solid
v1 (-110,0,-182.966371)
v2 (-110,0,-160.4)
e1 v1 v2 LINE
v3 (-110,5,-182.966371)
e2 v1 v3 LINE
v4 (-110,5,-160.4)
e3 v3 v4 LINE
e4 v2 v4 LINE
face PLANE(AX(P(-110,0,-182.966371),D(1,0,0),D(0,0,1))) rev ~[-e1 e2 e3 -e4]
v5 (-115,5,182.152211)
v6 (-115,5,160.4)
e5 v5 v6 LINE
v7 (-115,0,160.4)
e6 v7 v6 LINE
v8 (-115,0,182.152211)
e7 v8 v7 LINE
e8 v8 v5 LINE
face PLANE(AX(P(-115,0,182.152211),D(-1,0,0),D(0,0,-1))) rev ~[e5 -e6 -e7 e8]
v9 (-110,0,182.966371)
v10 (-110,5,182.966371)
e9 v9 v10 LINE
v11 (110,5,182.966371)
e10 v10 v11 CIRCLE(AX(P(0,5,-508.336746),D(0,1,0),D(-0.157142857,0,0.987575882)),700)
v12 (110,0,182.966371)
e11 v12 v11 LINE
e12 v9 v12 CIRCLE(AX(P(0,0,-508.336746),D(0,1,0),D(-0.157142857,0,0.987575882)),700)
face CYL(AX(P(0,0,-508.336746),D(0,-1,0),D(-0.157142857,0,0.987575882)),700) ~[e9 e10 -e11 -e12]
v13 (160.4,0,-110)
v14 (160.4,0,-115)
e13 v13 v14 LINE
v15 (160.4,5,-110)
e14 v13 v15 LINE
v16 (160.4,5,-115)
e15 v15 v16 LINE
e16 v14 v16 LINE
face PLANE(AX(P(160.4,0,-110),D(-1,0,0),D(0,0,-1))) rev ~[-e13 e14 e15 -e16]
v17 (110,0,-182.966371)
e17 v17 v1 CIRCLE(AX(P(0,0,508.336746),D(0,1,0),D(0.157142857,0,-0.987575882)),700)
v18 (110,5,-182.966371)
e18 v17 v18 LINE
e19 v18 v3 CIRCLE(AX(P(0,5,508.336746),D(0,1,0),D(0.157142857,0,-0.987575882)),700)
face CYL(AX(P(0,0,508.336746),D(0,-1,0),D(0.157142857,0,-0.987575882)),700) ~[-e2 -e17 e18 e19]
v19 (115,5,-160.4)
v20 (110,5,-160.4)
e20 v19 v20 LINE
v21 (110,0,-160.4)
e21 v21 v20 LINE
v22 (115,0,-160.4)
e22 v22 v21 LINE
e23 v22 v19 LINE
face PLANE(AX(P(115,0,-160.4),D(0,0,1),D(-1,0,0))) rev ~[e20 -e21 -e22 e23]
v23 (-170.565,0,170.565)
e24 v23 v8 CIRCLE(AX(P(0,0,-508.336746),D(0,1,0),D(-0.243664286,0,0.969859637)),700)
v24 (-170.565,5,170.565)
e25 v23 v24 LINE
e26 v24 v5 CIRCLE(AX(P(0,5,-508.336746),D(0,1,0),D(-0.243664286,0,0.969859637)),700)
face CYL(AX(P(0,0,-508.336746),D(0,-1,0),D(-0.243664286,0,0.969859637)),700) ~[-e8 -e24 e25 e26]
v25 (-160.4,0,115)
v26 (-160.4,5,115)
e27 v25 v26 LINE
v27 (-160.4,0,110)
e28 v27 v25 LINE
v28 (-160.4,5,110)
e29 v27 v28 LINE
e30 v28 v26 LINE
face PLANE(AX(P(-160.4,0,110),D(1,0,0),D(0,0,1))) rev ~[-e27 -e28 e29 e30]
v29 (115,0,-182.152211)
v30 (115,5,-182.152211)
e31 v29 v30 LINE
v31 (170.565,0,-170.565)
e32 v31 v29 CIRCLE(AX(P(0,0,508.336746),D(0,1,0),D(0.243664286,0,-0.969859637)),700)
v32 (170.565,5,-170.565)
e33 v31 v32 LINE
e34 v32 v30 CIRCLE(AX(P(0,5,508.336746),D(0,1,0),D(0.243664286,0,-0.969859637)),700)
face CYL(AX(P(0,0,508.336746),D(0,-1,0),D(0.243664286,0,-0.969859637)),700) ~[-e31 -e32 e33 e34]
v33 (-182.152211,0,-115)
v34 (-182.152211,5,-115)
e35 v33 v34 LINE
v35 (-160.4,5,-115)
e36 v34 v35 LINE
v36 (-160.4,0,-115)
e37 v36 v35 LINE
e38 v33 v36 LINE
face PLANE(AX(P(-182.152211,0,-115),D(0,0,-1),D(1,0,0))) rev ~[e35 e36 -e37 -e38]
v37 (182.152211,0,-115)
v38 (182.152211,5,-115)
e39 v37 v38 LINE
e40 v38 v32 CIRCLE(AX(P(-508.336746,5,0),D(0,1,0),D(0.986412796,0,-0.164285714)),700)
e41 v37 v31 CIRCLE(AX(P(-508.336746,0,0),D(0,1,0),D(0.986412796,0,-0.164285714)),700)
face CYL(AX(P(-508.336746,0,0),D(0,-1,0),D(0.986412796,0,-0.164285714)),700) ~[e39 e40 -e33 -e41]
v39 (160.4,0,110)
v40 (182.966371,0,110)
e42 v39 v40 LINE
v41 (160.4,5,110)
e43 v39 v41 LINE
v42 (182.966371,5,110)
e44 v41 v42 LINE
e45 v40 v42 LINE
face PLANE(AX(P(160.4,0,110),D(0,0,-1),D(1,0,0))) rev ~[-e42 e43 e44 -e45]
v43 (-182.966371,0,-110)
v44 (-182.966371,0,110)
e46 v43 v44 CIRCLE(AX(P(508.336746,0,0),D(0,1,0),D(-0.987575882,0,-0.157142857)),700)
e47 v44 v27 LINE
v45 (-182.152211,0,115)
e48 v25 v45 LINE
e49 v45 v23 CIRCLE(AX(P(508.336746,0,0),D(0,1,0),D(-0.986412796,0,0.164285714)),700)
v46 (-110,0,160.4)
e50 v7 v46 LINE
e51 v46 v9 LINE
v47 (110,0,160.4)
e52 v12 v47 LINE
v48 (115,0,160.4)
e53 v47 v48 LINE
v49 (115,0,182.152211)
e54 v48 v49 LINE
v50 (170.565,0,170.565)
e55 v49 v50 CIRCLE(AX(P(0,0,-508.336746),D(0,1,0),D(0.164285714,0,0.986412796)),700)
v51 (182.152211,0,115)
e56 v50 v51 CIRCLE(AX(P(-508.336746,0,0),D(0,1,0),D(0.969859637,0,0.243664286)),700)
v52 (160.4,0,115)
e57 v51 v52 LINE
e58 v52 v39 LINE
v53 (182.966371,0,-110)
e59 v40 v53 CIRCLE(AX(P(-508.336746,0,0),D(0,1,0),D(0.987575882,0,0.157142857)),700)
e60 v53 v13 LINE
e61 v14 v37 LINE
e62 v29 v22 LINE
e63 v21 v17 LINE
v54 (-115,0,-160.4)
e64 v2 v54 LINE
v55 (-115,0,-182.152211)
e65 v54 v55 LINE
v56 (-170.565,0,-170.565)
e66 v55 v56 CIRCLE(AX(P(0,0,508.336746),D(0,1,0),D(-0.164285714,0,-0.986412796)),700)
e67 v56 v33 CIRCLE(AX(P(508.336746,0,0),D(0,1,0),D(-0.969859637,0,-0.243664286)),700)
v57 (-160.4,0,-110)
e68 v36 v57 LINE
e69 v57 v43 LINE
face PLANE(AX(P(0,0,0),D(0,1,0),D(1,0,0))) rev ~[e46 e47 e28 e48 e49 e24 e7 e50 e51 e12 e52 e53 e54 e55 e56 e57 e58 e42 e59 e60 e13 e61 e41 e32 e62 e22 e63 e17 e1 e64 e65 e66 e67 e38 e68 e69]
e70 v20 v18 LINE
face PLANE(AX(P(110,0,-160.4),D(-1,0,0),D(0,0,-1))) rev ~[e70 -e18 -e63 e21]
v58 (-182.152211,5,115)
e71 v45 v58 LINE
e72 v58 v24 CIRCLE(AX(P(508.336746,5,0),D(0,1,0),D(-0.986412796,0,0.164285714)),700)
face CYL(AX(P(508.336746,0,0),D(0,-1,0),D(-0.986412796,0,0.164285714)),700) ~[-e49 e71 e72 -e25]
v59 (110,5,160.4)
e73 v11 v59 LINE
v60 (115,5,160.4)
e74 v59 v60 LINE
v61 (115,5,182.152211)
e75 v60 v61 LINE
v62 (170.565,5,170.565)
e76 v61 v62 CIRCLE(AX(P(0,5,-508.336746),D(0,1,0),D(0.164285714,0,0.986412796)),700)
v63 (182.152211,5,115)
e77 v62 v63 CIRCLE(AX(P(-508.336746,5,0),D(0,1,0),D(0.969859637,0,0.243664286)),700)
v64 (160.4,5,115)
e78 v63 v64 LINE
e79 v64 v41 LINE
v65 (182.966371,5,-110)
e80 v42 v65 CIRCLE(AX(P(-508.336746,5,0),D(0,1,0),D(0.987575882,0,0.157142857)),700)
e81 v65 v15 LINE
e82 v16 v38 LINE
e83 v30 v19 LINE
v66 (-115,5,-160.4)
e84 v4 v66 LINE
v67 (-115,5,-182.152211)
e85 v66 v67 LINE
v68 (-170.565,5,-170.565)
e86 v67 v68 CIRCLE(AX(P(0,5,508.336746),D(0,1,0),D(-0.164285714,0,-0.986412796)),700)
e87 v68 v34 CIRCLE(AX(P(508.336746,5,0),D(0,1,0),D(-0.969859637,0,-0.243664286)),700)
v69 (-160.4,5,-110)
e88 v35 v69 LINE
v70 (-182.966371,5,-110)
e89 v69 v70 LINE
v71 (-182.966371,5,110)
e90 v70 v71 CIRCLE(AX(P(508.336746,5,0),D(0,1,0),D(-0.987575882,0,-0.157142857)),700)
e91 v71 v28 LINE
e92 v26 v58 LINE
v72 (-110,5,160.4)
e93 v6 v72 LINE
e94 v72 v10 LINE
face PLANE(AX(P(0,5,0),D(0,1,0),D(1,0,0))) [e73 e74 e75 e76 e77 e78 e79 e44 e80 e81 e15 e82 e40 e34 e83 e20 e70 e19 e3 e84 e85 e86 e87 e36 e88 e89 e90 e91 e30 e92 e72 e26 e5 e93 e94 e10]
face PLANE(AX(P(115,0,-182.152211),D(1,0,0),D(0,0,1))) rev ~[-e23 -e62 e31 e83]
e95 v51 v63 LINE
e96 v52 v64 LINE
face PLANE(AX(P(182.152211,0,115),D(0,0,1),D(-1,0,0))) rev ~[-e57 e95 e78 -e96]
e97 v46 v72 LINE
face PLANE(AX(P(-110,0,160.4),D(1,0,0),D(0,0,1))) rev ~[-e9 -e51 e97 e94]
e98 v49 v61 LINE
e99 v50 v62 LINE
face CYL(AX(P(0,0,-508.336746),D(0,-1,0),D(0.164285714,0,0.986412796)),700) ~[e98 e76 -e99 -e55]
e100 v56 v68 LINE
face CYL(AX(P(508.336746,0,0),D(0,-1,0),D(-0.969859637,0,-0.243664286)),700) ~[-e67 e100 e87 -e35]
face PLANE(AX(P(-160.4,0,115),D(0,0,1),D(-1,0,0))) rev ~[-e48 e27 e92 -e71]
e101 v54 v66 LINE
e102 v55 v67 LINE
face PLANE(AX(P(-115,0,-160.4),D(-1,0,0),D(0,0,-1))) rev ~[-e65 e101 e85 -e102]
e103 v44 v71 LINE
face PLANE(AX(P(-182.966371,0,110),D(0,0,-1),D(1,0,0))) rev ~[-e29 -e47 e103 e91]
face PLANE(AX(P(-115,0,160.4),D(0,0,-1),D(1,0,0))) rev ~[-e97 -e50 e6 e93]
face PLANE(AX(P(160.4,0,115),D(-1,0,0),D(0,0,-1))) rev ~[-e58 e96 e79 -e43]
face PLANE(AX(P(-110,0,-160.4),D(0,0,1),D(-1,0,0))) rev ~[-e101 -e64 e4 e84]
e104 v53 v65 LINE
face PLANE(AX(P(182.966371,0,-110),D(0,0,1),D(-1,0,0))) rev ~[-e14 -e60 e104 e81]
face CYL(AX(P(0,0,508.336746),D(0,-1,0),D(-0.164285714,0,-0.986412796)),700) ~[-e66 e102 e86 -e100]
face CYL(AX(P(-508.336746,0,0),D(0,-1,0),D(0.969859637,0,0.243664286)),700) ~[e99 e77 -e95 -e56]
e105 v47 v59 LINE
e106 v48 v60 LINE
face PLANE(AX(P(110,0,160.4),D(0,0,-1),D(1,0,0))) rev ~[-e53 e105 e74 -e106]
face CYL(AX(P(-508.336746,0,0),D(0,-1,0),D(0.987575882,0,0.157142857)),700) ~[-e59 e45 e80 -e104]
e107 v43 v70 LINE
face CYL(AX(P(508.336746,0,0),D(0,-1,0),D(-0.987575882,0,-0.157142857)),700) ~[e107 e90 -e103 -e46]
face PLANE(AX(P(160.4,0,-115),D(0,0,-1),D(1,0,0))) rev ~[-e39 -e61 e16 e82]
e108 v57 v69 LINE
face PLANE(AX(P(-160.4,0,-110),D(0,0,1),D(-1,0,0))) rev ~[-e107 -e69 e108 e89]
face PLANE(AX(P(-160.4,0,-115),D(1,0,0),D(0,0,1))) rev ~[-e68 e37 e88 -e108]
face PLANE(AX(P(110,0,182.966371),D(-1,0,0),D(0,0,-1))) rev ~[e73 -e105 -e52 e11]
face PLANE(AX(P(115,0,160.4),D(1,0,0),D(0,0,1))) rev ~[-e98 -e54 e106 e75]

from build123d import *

# Parameters (mm, degrees)
BOSS_EXTRUDE1_DEPTH = 5


with BuildPart() as part:
    # Sketch1 → Boss-Extrude1 (new body)
    with BuildSketch(Plane(origin=(0, 0, 0), x_dir=(1, 0, 0), z_dir=(0, 1, 0))):
        with BuildLine():
            Line((115, 160.4), (110, 160.4))
            Line((110, 160.4), (110, 182.966371269))
            ThreePointArc((110, 182.966371269), (0, 191.663253961), (-110, 182.966371269))
            Line((-110, 182.966371269), (-110, 160.4))
            Line((-110, 160.4), (-115, 160.4))
            Line((-115, 160.4), (-115, 182.15221115))
            ThreePointArc((-115, 182.15221115), (-142.899993603, 176.922031233), (-170.565, 170.565))
            ThreePointArc((-170.565, 170.565), (-176.922031233, 142.899993603), (-182.15221115, 115))
            Line((-182.15221115, 115), (-160.4, 115))
            Line((-160.4, 115), (-160.4, 110))
            Line((-160.4, 110), (-182.966371269, 110))
            ThreePointArc((-182.966371269, 110), (-191.663253961, 0), (-182.966371269, -110))
            Line((-182.966371269, -110), (-160.4, -110))
            Line((-160.4, -110), (-160.4, -115))
            Line((-160.4, -115), (-182.15221115, -115))
            ThreePointArc((-182.15221115, -115), (-176.922031233, -142.899993603), (-170.565, -170.565))
            ThreePointArc((-170.565, -170.565), (-142.899993603, -176.922031233), (-115, -182.15221115))
            Line((-115, -182.15221115), (-115, -160.4))
            Line((-115, -160.4), (-110, -160.4))
            Line((-110, -160.4), (-110, -182.966371269))
            ThreePointArc((-110, -182.966371269), (0, -191.663253961), (110, -182.966371269))
            Line((110, -182.966371269), (110, -160.4))
            Line((110, -160.4), (115, -160.4))
            Line((115, -160.4), (115, -182.15221115))
            ThreePointArc((115, -182.15221115), (142.899993603, -176.922031233), (170.565, -170.565))
            ThreePointArc((170.565, -170.565), (176.922031233, -142.899993603), (182.15221115, -115))
            Line((182.15221115, -115), (160.4, -115))
            Line((160.4, -115), (160.4, -110))
            Line((160.4, -110), (182.966371269, -110))
            ThreePointArc((182.966371269, -110), (191.663253961, 0), (182.966371269, 110))
            Line((182.966371269, 110), (160.4, 110))
            Line((160.4, 110), (160.4, 115))
            Line((160.4, 115), (182.15221115, 115))
            ThreePointArc((182.15221115, 115), (176.922031233, 142.899993603), (170.565, 170.565))
            ThreePointArc((170.565, 170.565), (142.899993603, 176.922031233), (115, 182.15221115))
            Line((115, 182.15221115), (115, 160.4))
        make_face()
    extrude(amount=BOSS_EXTRUDE1_DEPTH)


solid = part.part
